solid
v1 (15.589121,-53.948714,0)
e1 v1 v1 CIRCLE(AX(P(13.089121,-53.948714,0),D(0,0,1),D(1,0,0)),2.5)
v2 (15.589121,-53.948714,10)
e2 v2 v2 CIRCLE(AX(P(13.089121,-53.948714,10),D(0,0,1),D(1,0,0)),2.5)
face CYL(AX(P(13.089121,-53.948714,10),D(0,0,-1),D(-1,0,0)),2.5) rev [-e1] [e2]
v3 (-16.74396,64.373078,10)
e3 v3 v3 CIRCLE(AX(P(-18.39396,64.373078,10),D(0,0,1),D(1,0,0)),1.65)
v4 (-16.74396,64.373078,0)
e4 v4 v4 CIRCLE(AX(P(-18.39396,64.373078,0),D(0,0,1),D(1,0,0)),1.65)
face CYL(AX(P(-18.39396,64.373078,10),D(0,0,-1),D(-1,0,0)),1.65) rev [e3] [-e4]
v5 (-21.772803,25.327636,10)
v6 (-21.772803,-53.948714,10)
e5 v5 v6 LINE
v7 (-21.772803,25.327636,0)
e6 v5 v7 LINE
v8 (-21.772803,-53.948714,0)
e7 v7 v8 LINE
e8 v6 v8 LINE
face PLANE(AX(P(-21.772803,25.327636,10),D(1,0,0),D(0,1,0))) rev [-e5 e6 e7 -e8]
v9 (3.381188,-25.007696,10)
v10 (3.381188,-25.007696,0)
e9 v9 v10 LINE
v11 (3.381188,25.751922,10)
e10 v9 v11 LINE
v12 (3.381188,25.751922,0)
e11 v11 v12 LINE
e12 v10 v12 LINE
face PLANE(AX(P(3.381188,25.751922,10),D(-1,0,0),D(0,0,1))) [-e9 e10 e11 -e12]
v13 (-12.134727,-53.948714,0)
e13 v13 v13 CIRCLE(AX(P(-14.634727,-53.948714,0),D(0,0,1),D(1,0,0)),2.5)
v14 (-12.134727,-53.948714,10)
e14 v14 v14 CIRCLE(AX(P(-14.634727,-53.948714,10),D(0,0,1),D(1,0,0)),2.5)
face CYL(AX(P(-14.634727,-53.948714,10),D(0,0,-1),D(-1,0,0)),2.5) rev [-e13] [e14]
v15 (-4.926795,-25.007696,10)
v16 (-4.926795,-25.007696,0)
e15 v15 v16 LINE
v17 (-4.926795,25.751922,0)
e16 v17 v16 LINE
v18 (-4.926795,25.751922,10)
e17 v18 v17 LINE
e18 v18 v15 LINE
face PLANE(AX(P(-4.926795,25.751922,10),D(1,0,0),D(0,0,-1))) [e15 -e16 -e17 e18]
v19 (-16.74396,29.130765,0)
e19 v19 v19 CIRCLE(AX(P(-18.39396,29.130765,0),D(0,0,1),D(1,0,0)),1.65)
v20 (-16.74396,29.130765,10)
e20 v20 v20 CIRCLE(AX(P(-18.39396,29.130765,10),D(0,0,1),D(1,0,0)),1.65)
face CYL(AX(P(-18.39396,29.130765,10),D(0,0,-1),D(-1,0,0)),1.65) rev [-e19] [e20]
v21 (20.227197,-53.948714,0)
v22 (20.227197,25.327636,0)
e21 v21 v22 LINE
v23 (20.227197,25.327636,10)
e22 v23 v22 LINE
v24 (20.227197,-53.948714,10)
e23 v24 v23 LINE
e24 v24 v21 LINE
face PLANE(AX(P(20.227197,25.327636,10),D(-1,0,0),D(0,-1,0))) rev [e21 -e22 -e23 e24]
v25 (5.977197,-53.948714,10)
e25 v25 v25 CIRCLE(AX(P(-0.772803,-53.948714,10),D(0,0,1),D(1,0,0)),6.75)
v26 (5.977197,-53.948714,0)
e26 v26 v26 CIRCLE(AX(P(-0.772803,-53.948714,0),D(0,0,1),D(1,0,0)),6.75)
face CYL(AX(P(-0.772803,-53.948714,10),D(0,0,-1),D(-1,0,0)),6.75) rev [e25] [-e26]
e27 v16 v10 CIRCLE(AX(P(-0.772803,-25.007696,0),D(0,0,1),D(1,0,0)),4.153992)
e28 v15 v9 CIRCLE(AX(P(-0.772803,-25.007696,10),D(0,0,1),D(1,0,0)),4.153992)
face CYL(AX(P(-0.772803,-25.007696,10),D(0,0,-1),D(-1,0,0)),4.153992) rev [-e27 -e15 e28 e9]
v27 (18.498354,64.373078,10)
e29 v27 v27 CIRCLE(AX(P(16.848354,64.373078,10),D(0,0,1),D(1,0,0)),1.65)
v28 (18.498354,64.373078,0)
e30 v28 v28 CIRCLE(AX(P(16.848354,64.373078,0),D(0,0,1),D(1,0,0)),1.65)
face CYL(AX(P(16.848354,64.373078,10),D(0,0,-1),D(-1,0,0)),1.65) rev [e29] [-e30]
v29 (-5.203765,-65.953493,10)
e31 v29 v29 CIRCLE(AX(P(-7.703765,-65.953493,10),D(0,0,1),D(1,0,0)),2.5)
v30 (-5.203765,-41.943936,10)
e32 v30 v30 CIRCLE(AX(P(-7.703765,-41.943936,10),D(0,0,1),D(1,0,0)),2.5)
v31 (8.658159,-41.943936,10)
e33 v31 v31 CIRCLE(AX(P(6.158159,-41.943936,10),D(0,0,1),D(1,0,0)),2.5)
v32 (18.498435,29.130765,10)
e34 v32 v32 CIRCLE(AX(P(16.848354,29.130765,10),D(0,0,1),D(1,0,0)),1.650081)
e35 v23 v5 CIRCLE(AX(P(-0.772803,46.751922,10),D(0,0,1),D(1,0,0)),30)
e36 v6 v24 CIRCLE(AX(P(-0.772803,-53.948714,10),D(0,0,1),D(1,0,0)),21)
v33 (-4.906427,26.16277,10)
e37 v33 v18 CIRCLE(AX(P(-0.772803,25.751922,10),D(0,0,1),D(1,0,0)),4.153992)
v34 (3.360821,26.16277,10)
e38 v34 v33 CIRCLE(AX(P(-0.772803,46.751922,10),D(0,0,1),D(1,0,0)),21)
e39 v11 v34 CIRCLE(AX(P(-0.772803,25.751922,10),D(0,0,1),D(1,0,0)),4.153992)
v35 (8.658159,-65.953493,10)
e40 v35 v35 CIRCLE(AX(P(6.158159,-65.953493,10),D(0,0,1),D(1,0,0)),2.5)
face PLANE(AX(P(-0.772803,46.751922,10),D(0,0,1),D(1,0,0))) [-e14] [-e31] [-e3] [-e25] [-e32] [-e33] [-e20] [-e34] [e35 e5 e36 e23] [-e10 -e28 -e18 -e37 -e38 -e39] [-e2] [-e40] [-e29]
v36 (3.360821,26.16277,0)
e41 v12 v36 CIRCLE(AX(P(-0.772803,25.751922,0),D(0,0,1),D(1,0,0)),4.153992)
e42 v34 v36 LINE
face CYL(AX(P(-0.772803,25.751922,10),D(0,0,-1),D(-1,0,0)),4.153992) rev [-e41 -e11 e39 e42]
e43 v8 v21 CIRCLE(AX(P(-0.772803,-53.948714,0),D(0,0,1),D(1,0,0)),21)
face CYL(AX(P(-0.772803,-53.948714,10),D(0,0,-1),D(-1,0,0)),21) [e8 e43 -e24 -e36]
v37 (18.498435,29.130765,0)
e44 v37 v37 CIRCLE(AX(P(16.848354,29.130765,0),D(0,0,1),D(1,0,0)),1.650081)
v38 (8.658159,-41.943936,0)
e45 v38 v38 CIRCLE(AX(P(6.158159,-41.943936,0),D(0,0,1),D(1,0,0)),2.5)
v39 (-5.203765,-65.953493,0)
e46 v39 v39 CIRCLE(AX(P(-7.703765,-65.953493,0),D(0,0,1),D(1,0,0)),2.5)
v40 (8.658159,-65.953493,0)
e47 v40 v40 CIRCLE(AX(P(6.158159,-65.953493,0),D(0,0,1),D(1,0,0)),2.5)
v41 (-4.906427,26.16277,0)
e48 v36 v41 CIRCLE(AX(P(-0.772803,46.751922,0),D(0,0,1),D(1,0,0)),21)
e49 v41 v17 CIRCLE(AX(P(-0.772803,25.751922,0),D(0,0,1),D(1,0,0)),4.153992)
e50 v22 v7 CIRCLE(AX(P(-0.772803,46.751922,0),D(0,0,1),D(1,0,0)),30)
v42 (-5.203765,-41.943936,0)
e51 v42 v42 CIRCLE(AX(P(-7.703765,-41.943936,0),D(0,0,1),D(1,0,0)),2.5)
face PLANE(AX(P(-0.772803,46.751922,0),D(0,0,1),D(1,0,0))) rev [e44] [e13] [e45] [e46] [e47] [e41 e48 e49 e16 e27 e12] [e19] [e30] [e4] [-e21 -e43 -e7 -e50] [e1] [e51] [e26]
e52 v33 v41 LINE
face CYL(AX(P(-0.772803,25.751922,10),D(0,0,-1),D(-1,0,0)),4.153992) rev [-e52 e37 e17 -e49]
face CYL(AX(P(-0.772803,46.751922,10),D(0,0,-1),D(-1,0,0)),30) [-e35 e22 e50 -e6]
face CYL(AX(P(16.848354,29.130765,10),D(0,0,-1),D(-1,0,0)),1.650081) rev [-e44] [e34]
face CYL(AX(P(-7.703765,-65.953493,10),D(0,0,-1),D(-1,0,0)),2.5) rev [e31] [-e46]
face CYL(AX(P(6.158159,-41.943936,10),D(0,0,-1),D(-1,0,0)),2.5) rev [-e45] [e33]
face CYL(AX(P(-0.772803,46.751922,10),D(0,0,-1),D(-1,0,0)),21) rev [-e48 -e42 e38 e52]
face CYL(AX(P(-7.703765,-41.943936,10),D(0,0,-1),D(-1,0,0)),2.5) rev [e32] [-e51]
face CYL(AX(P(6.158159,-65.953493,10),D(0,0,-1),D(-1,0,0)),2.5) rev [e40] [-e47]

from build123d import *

# Parameters (mm, degrees)
SKETCH1_R           = 6.75
SKETCH1_R_2         = 2.5
SKETCH1_R_3         = 1.65
SKETCH1_R_4         = 1.650080795
BOSS_EXTRUDE2_DEPTH = 10


with BuildPart() as part:
    # Sketch1 → Boss-Extrude2 (new body)
    with BuildSketch(Plane.XY):
        with BuildLine():
            Line((20.227196856, 25.327636264), (20.227196856, -53.948714213))
            ThreePointArc((20.227196856, -53.948714213), (-0.772803144, -74.948714213), (-21.772803144, -53.948714213))
            Line((-21.772803144, -53.948714213), (-21.772803144, 25.327636264))
            ThreePointArc((-21.772803144, 25.327636264), (-0.772803144, 76.751921549), (20.227196856, 25.327636264))
        make_face()
        with Locations((-0.772803144, -53.948714213)):
            Circle(SKETCH1_R, mode=Mode.SUBTRACT)
        with Locations((13.089121207, -53.948714213)):
            Circle(SKETCH1_R_2, mode=Mode.SUBTRACT)
        with Locations((6.158159031, -65.953492847)):
            Circle(SKETCH1_R_2, mode=Mode.SUBTRACT)
        with Locations((-7.703765319, -65.953492847)):
            Circle(SKETCH1_R_2, mode=Mode.SUBTRACT)
        with Locations((-14.634727495, -53.948714213)):
            Circle(SKETCH1_R_2, mode=Mode.SUBTRACT)
        with Locations((-7.703765319, -41.94393558)):
            Circle(SKETCH1_R_2, mode=Mode.SUBTRACT)
        with Locations((6.158159031, -41.94393558)):
            Circle(SKETCH1_R_2, mode=Mode.SUBTRACT)
        with Locations((-18.393960021, 64.373078426)):
            Circle(SKETCH1_R_3, mode=Mode.SUBTRACT)
        with Locations((-18.393960021, 29.130764673)):
            Circle(SKETCH1_R_3, mode=Mode.SUBTRACT)
        with Locations((16.848353733, 29.130764673)):
            Circle(SKETCH1_R_4, mode=Mode.SUBTRACT)
        with Locations((16.848353733, 64.373078426)):
            Circle(SKETCH1_R_3, mode=Mode.SUBTRACT)
        with BuildLine():
            Line((3.381188434, 25.751921549), (3.381188434, -25.007695686))
            ThreePointArc((3.381188434, -25.007695686), (-0.772803144, -29.161687264), (-4.926794722, -25.007695686))
            Line((-4.926794722, -25.007695686), (-4.926794722, 25.751921549))
            ThreePointArc((-4.926794722, 25.751921549), (-4.921699763, 25.957598174), (-4.906427385, 26.162770264))
            ThreePointArc((-4.906427385, 26.162770264), (-0.772803144, 67.751921549), (3.360821097, 26.162770264))
            ThreePointArc((3.360821097, 26.162770264), (3.376093476, 25.957598174), (3.381188434, 25.751921549))
        make_face(mode=Mode.SUBTRACT)
    extrude(amount=BOSS_EXTRUDE2_DEPTH)


solid = part.part
